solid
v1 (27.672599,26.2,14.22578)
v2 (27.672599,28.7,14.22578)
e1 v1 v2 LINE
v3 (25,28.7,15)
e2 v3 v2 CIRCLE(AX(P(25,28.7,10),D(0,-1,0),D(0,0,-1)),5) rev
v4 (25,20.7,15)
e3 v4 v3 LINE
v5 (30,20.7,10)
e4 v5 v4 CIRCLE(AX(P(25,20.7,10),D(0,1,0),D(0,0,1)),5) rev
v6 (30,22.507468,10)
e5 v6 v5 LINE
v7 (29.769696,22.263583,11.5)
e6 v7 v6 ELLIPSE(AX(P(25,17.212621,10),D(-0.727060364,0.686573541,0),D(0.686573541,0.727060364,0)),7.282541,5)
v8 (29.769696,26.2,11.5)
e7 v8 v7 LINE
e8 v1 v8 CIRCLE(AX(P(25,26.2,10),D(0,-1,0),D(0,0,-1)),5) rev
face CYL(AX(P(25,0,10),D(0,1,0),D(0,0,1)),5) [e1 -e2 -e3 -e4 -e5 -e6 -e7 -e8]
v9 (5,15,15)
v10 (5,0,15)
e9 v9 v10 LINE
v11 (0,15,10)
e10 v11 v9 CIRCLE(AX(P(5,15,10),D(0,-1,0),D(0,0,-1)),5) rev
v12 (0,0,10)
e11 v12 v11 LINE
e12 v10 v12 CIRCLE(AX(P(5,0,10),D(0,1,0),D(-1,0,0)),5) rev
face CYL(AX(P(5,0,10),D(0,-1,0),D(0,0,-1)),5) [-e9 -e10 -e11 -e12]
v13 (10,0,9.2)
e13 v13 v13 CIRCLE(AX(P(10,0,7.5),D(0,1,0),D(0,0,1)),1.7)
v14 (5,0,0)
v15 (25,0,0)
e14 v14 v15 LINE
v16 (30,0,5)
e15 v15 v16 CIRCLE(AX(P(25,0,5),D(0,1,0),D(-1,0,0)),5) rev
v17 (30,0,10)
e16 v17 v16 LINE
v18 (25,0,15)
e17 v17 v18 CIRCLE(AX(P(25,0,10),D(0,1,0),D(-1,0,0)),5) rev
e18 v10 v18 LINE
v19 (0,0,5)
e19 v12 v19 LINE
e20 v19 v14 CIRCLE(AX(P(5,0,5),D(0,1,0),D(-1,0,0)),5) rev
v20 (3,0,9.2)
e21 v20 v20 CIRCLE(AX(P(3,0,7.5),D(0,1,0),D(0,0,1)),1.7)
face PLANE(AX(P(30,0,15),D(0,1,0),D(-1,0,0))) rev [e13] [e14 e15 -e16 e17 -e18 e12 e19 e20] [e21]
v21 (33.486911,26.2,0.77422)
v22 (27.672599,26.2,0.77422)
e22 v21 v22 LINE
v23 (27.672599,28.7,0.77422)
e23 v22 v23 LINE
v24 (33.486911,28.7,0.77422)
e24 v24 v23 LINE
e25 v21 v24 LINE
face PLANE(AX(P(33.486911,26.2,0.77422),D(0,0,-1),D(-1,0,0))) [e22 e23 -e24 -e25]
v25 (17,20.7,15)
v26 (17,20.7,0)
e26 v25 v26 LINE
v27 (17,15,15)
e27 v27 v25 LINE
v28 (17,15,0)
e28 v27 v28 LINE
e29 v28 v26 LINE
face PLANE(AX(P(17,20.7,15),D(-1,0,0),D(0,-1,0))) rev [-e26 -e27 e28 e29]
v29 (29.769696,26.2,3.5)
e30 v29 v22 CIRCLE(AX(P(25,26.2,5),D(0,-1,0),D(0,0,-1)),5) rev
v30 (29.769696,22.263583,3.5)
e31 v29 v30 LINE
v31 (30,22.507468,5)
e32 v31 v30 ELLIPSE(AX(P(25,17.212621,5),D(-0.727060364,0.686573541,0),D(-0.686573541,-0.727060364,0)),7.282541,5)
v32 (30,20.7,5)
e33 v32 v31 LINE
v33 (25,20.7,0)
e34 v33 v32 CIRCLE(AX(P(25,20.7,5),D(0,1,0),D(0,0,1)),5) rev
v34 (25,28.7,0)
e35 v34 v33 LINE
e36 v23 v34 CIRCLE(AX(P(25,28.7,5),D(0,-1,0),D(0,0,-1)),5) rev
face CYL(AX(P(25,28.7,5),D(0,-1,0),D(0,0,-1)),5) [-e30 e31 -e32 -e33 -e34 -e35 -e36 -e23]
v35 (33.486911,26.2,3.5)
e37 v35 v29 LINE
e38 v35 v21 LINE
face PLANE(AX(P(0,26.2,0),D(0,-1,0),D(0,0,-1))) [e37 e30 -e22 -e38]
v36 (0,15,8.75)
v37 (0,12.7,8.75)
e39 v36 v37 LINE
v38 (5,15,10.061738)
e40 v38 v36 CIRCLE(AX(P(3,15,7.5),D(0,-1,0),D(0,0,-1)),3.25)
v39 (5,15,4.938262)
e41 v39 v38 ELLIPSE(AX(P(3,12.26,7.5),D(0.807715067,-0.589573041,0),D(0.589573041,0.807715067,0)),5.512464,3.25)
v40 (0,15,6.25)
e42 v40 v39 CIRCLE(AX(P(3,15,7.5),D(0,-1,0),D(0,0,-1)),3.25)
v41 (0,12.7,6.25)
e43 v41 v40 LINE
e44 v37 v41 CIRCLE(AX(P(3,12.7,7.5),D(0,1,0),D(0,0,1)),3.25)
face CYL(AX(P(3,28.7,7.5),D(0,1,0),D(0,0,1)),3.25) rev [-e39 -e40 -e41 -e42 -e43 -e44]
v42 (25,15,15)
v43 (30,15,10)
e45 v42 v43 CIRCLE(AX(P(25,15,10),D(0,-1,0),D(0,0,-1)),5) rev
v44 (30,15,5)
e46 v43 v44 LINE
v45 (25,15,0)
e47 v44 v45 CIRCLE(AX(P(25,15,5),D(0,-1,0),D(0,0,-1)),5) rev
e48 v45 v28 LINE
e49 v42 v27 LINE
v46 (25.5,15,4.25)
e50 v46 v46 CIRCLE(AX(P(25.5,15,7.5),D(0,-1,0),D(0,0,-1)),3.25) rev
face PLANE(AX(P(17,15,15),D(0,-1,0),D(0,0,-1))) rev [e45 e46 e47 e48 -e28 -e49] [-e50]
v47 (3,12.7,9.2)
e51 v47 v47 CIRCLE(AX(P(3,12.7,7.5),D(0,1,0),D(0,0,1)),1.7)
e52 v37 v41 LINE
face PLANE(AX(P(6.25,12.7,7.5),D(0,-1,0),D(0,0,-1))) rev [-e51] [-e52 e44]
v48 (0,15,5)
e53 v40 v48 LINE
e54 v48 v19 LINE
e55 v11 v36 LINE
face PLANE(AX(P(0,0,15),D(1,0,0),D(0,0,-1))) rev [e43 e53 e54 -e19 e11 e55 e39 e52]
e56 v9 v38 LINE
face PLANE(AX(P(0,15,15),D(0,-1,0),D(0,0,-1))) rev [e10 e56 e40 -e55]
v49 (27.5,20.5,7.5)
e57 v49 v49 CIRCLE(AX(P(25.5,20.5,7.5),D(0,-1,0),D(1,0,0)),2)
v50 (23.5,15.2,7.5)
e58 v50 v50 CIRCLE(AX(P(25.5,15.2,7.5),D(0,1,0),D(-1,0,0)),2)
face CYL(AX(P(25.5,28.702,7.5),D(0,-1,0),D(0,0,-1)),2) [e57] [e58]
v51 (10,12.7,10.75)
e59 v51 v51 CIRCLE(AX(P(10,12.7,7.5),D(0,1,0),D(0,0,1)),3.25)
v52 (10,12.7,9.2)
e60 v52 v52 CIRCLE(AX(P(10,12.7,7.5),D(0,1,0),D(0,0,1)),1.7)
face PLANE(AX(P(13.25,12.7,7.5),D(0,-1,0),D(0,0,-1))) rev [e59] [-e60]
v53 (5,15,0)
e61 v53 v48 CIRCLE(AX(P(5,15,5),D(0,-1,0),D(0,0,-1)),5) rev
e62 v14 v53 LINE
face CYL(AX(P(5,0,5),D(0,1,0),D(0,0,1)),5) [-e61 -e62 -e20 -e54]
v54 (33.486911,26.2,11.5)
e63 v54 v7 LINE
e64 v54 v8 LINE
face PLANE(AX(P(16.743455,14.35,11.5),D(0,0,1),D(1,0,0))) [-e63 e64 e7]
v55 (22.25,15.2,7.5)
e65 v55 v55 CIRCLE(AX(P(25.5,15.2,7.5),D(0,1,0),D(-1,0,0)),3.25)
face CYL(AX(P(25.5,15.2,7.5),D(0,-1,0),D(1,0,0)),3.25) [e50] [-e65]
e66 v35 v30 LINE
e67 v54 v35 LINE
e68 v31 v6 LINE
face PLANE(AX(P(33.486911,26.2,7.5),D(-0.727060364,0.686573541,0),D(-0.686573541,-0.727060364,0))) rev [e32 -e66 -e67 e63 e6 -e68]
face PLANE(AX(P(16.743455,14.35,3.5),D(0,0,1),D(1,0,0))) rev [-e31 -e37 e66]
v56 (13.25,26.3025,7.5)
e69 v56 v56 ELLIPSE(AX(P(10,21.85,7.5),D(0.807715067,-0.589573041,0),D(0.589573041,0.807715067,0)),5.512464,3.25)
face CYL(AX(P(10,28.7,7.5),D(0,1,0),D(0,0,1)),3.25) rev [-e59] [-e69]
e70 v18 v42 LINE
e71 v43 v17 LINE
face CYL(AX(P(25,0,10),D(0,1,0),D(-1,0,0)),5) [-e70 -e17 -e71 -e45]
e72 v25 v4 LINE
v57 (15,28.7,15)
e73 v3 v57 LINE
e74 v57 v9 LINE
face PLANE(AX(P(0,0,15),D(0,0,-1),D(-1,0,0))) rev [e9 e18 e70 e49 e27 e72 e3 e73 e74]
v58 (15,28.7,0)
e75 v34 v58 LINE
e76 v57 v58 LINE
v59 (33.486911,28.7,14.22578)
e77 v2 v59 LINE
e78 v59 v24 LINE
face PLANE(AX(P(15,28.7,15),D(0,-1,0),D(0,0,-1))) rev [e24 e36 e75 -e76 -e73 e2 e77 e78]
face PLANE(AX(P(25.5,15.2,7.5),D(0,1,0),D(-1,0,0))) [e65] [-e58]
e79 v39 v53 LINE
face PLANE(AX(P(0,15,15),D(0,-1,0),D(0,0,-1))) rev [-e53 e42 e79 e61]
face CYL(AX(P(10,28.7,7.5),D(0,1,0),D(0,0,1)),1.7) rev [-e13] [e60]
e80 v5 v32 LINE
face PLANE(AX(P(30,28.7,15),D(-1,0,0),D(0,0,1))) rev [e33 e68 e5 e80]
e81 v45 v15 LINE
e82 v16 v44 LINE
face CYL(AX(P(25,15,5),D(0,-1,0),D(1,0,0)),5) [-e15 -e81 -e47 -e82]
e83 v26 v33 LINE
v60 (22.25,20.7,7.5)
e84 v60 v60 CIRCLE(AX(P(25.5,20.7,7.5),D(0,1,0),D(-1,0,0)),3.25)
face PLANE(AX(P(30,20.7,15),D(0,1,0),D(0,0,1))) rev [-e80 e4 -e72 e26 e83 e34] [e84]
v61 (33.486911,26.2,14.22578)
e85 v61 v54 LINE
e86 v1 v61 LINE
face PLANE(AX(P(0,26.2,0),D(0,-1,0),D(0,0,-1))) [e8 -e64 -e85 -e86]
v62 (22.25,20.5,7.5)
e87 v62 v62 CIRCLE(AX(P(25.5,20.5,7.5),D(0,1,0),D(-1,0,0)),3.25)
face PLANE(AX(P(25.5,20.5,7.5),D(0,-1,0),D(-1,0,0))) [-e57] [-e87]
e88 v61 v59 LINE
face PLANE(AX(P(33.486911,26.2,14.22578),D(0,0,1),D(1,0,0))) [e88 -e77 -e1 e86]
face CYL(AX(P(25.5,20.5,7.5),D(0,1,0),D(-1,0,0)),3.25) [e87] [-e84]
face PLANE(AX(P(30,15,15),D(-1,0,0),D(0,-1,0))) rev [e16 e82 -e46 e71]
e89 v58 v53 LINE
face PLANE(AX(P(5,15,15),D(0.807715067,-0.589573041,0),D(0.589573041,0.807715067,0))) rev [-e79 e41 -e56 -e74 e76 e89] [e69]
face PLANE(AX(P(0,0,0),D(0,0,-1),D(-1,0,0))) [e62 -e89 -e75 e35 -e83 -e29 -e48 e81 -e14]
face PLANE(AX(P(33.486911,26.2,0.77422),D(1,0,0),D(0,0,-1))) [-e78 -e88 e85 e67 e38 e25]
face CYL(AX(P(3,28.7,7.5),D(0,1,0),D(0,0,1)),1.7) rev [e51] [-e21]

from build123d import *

# Parameters (mm, degrees)
BOSS_EXTRUDE1_DEPTH           = 15
BOSS_EXTRUDE2_REACH           = 38.742
SKETCH3_R                     = 2
SKETCH4_R                     = 3.25
BOSS_EXTRUDE3_DEPTH           = 0.2
FILLET1_R                     = 5
CBORE_FOR_M3_SHCS1_AT_2_COUNT = 2
CBORE_FOR_M3_SHCS1_AT_2_PITCH = 7
SKETCH7_W                     = 5.814312221
SKETCH7_H                     = 13.45156011
BOSS_EXTRUDE4_DEPTH           = 2.5
RIB1_REACH                    = 46.736
SKETCH9_WALL_W                = 96.550792296
SKETCH9_WALL_H                = 8


with BuildPart() as part:
    # Sketch1 → Boss-Extrude1 (new body)
    with BuildSketch(Plane.XY):
        Polygon((0, 0), (0, 15), (5, 15), (15, 28.7), (30, 28.7), (30, 20.7), (17, 20.7), (17, 15), (30, 15), (30, 0), align=None)
    extrude(amount=BOSS_EXTRUDE1_DEPTH)

    # Sketch3 → Boss-Extrude2 (add, up to next)
    with BuildSketch(Plane(origin=(0, 15, 0), x_dir=(1, 0, 0), z_dir=(0, 1, 0)), mode=Mode.PRIVATE) as boss_extrude2_sk1:
        with Locations(Location((25.5, -7.5, 0), (0, 0, 90))):
            Circle(SKETCH3_R)
    boss_extrude2_tool1 = extrude(boss_extrude2_sk1.sketch, amount=BOSS_EXTRUDE2_REACH, mode=Mode.PRIVATE) - part.part
    add(boss_extrude2_tool1.solids().sort_by_distance((25.5, 15, 7.5))[0])

    # Sketch4 → Boss-Extrude3 (add)
    with BuildSketch(Plane(origin=(0, 15, 0), x_dir=(1, 0, 0), z_dir=(0, 1, 0))):
        with Locations(Location((25.5, -7.5, 0), (0, 0, 90))):
            Circle(SKETCH4_R)
    boss_extrude3 = extrude(amount=BOSS_EXTRUDE3_DEPTH)

    # Mirror1: Boss-Extrude3 across plane
    add(boss_extrude3.mirror(Plane.ZX.offset(17.85)))

    # Fillet1
    fillet1_edges = [part.edges().sort_by_distance(p)[0] for p in [
        (0, 7.5, 0),
        (30, 24.7, 0),
        (30, 7.5, 0),
        (30, 24.7, 15),
        (0, 7.5, 15),
        (30, 7.5, 15),
    ]]
    fillet(fillet1_edges, radius=FILLET1_R)

    # Sketch6 → CBORE for M3 SHCS1 (revolve, cut)
    with BuildSketch(Plane(origin=(3, 28.7, 7.5), x_dir=(0, 0, 1), z_dir=(1, 0, 0))):
        Polygon((0, 0), (0, 28.7), (1.7, 28.7), (1.7, 16), (3.25, 16), (3.25, 0.025), (3.275, 0), align=None)
    cbore_for_m3_shcs1 = revolve(axis=Axis((3, 35.05, 7.5), (0, -1, 0)), mode=Mode.SUBTRACT)

    # CBORE for M3 SHCS1 at 2: CBORE for M3 SHCS1 ×2
    with Locations(*[(i * CBORE_FOR_M3_SHCS1_AT_2_PITCH, 0, 0) for i in range(1, CBORE_FOR_M3_SHCS1_AT_2_COUNT)]):
        add(cbore_for_m3_shcs1, mode=Mode.SUBTRACT)

    # Sketch7 → Boss-Extrude4 (add)
    with BuildSketch(Plane(origin=(0, 28.7, 0), x_dir=(1, 0, 0), z_dir=(0, 1, 0))):
        with Locations((30.579754646, -7.5)):
            Rectangle(SKETCH7_W, SKETCH7_H)
    extrude(amount=-BOSS_EXTRUDE4_DEPTH)

    # Sketch9 wall → Rib1 (add, up to next)
    with BuildSketch(Plane(origin=(31.743455378, 24.353734121, 7.5), x_dir=(-0.686573540745, -0.727060364171, 0), z_dir=(0.727060364171, -0.686573540745, 0)), mode=Mode.PRIVATE) as rib1_sk1:
        Rectangle(SKETCH9_WALL_W, SKETCH9_WALL_H)
    rib1_tool1 = extrude(rib1_sk1.sketch, amount=-RIB1_REACH, mode=Mode.PRIVATE) - part.part
    add(rib1_tool1.solids().sort_by_distance((31.743455378, 24.353734121, 7.5))[0])


solid = part.part
